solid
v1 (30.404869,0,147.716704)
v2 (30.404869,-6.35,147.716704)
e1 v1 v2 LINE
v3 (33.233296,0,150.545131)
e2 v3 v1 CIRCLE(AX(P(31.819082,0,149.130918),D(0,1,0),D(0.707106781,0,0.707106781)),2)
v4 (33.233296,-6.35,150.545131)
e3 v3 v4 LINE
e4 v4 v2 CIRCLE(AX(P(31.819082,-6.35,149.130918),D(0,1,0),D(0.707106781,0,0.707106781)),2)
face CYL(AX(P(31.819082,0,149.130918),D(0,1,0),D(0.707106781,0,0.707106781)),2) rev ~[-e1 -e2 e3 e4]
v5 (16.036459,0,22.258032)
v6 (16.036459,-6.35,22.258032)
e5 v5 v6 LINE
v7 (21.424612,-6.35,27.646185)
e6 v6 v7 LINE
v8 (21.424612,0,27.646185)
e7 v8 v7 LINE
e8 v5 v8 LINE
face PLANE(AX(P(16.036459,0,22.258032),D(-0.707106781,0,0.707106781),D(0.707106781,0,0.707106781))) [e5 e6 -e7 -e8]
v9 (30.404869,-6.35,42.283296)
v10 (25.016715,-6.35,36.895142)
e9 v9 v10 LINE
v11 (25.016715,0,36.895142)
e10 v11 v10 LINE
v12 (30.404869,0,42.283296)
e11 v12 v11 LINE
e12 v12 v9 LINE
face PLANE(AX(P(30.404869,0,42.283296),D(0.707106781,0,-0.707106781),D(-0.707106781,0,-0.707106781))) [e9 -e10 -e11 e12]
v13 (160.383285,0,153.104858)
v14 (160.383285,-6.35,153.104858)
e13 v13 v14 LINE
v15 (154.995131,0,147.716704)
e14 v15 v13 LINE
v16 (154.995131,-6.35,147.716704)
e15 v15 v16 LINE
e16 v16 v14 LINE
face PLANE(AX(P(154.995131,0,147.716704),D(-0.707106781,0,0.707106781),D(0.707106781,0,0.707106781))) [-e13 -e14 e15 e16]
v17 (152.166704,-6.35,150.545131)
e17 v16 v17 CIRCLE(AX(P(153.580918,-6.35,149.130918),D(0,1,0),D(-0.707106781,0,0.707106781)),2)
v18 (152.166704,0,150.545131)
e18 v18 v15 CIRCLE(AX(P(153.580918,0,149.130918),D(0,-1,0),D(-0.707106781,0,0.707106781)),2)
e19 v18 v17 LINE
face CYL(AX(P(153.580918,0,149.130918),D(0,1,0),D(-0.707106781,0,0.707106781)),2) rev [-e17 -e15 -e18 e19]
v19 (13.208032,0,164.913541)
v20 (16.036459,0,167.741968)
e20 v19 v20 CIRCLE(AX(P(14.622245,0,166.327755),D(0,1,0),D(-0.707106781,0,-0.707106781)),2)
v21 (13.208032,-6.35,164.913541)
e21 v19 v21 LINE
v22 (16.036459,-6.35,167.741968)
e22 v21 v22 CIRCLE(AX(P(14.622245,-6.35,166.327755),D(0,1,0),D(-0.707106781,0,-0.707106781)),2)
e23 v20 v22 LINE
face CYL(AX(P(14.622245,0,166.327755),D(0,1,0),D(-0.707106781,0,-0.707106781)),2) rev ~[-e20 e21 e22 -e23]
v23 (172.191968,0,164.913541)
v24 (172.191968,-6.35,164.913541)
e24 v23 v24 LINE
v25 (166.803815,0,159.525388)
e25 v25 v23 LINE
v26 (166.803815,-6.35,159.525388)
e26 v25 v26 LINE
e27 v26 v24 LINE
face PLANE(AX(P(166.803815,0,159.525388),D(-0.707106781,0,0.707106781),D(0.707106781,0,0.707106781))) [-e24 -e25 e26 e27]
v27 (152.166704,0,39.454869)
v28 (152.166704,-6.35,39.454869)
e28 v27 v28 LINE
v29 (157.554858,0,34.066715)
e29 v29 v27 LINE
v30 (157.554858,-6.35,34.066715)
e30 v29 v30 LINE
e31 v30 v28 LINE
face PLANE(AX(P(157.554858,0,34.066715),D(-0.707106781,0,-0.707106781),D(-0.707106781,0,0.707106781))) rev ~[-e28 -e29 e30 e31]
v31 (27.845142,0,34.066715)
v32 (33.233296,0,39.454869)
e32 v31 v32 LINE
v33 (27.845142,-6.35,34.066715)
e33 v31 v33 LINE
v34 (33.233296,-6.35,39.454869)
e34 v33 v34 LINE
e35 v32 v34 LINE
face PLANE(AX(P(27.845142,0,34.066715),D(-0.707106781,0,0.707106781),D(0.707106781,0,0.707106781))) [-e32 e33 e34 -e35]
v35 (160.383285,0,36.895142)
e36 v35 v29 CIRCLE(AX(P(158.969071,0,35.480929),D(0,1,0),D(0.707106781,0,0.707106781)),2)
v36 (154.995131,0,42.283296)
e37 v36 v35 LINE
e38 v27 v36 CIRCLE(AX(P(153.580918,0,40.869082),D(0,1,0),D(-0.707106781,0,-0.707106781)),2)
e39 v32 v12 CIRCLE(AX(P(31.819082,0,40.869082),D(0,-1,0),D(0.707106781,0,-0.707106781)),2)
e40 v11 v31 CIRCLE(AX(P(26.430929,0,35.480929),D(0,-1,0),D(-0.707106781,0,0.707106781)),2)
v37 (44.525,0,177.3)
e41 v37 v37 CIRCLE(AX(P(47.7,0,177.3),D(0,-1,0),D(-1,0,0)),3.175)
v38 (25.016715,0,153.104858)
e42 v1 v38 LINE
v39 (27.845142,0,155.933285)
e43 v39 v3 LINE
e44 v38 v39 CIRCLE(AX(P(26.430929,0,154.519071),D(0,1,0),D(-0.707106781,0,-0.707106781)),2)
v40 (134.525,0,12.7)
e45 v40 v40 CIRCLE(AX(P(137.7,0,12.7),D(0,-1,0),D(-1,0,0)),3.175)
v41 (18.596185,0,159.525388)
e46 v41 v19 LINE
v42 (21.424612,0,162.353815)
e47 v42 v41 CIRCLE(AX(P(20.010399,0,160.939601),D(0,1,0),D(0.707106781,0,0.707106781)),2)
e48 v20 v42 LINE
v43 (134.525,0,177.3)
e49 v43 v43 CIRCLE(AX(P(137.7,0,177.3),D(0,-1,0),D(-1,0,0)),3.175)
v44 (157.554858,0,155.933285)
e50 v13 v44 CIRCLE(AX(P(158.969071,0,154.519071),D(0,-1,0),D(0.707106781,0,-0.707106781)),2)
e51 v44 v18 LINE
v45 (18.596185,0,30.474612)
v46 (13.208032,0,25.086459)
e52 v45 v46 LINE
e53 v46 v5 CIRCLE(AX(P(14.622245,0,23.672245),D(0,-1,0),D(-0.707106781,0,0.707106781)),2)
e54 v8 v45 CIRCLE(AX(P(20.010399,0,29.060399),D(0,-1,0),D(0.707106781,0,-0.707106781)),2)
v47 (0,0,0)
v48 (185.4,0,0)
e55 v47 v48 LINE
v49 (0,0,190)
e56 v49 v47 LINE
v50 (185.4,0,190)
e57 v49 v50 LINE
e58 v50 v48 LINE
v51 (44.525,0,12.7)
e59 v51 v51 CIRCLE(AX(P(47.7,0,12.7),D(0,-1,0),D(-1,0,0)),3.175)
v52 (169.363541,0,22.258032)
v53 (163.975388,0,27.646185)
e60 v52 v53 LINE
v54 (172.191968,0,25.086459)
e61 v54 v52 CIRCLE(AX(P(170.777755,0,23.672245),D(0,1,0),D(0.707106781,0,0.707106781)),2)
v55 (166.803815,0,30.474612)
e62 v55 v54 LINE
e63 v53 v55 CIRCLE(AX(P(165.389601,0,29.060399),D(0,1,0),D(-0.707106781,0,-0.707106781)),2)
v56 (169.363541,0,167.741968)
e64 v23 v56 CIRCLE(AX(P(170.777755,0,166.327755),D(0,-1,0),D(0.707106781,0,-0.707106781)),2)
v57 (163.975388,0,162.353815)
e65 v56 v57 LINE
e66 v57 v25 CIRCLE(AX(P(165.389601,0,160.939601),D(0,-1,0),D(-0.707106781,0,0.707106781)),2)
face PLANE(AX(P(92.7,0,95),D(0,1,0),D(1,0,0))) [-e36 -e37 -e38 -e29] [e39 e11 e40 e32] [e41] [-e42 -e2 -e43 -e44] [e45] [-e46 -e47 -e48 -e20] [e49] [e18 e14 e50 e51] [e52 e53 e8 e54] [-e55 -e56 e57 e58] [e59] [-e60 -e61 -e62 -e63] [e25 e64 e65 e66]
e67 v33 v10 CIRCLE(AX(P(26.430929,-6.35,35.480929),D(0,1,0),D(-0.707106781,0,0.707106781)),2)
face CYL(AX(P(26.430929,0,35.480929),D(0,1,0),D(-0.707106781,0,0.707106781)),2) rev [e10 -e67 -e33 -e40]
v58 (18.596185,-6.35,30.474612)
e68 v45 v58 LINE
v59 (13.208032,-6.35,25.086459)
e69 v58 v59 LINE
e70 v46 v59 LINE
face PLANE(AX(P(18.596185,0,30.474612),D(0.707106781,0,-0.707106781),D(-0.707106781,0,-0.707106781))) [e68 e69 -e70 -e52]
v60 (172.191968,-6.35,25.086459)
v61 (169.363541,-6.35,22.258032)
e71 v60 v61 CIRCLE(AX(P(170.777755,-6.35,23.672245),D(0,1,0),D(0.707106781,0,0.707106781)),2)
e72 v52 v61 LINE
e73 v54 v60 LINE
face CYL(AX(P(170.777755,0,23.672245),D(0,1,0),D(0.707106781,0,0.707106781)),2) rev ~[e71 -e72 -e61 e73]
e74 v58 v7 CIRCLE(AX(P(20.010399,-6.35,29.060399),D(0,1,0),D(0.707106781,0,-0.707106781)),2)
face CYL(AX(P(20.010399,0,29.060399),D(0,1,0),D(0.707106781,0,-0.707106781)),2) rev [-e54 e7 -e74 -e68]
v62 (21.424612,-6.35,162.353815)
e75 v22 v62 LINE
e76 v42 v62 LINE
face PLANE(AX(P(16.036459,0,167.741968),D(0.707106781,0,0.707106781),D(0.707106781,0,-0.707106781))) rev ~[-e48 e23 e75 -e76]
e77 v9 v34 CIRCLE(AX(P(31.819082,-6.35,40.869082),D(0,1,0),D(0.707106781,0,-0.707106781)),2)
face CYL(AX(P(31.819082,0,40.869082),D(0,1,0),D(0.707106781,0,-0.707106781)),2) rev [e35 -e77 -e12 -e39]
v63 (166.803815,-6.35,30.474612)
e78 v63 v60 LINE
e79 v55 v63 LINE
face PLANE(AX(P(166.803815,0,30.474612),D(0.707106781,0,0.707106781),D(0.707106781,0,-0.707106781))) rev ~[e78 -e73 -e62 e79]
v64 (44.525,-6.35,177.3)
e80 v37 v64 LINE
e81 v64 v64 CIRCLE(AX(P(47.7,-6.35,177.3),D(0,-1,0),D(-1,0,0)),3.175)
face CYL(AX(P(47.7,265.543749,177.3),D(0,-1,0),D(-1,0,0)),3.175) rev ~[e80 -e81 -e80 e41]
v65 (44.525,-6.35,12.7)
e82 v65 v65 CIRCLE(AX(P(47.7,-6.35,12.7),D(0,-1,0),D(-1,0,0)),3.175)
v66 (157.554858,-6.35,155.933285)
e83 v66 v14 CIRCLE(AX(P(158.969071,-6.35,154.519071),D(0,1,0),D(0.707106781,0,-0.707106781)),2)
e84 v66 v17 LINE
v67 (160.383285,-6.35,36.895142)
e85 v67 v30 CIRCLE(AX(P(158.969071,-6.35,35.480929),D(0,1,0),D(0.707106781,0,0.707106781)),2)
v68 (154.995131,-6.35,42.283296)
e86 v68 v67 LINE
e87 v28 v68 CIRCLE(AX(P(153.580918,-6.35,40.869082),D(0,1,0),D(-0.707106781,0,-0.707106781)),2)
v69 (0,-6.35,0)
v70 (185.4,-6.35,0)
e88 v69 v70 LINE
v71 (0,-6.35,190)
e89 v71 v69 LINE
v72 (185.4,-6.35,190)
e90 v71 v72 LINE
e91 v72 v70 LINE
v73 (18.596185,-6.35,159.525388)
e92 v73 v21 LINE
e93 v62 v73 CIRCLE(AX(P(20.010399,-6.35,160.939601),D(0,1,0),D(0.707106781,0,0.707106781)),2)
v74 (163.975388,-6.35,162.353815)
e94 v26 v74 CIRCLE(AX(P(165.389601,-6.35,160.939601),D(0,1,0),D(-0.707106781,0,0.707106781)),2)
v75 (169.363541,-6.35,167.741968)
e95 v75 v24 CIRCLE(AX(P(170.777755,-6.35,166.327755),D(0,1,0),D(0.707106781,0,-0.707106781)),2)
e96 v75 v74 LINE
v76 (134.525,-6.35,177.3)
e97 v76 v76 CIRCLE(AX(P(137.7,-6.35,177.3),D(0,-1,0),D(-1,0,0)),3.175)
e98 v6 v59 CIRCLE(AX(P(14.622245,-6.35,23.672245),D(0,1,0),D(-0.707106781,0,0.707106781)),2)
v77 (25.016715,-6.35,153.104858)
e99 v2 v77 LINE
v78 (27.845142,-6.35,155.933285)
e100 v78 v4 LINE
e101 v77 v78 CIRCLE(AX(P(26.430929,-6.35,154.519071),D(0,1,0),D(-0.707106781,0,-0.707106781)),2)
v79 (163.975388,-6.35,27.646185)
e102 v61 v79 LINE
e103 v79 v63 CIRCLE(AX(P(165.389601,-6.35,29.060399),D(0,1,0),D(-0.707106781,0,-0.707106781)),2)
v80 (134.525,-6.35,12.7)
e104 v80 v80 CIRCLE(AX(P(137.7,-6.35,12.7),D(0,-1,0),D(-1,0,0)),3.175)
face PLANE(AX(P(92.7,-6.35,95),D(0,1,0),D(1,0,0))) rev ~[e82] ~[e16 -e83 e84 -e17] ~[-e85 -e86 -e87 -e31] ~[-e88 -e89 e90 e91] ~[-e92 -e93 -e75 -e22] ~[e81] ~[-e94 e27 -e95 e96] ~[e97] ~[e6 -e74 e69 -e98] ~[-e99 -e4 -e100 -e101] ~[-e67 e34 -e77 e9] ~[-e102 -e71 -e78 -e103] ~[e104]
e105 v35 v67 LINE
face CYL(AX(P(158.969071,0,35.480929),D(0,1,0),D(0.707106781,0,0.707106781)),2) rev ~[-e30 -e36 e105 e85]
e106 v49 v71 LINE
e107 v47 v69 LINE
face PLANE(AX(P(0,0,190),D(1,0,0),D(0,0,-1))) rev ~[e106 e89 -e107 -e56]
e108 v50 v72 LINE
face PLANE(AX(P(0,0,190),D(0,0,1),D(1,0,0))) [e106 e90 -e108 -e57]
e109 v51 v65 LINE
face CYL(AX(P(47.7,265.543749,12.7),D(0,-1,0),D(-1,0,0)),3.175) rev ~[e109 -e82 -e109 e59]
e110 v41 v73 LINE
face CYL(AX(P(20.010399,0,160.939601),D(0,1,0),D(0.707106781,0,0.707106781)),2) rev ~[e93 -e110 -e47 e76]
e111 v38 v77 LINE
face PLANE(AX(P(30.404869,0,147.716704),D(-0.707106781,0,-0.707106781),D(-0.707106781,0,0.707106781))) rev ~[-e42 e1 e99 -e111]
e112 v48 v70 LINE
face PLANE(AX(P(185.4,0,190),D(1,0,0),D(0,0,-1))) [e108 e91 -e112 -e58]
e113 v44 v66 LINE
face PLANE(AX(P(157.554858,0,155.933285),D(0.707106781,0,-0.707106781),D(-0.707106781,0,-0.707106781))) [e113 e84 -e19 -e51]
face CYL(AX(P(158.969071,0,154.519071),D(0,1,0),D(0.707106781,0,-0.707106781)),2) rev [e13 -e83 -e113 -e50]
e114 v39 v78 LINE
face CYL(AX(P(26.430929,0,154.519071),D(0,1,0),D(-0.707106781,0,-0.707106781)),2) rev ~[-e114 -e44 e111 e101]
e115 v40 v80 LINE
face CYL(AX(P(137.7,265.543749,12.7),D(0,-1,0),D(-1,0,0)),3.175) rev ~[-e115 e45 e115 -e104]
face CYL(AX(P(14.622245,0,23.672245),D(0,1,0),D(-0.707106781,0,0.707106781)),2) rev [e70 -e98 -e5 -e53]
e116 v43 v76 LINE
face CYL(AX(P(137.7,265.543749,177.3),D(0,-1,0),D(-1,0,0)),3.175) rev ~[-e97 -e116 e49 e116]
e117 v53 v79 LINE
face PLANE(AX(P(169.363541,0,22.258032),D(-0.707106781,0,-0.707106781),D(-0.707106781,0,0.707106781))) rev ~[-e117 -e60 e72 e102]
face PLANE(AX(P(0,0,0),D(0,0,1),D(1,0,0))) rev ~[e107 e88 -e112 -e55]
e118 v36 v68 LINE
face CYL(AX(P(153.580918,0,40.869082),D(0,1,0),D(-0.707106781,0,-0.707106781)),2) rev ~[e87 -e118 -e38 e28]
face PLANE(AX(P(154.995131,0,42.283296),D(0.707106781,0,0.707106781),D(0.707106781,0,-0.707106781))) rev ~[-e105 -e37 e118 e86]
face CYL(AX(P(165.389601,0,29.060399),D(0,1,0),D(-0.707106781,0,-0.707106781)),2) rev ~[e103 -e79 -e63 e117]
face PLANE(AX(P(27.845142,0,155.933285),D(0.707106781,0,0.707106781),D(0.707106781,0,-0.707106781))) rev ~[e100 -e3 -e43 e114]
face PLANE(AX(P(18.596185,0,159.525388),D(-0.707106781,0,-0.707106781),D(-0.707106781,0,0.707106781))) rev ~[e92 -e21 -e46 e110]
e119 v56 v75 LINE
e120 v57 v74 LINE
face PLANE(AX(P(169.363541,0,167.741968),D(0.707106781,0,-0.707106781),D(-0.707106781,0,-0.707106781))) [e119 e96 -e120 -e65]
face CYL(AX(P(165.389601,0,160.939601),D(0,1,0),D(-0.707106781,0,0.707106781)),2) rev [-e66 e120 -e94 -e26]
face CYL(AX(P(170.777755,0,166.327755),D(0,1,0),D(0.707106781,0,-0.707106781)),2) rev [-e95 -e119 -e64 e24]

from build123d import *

# Parameters (mm, degrees)
SKETCH1_W              = 185.4
SKETCH1_H              = 190
BASE_PLATE_DEPTH       = 6.35
SLOTS_DEPTH            = 7.35
FEET_CONNECTION_HOLE_D = 6.35


with BuildPart() as part:
    # Sketch1 → base plate (new body)
    with BuildSketch(Plane(origin=(0, 0, 0), x_dir=(1, 0, 0), z_dir=(0, 1, 0))):
        with Locations((92.7, -95)):
            Rectangle(SKETCH1_W, SKETCH1_H)
    extrude(amount=-BASE_PLATE_DEPTH)

    # Sketch3 → slots (cut, through all)
    with BuildSketch(Plane(origin=(0, 0, 0), x_dir=(1, 0, 0), z_dir=(0, 1, 0))):
        with BuildLine():
            ThreePointArc((21.424612456, -27.64618524), (21.424612456, -30.474612456), (18.59618524, -30.474612456))
            Line((18.59618524, -30.474612456), (13.208031568, -25.086458783))
            ThreePointArc((13.208031568, -25.086458783), (13.208031568, -22.258031568), (16.036458783, -22.258031568))
            Line((16.036458783, -22.258031568), (21.424612456, -27.64618524))
        make_face()
        with BuildLine():
            Line((169.363541217, -22.258031568), (163.975387544, -27.64618524))
            ThreePointArc((163.975387544, -27.64618524), (163.975387544, -30.474612456), (166.80381476, -30.474612456))
            Line((166.80381476, -30.474612456), (172.191968432, -25.086458783))
            ThreePointArc((172.191968432, -25.086458783), (172.191968432, -22.258031568), (169.363541217, -22.258031568))
        make_face()
        with BuildLine():
            Line((154.995131423, -42.283295792), (160.383285096, -36.895142119))
            ThreePointArc((160.383285096, -36.895142119), (160.383285096, -34.066714904), (157.554857881, -34.066714904))
            Line((157.554857881, -34.066714904), (152.166704208, -39.454868577))
            ThreePointArc((152.166704208, -39.454868577), (152.166704208, -42.283295792), (154.995131423, -42.283295792))
        make_face()
        with BuildLine():
            ThreePointArc((160.383285096, -153.104857881), (160.383285096, -155.933285096), (157.554857881, -155.933285096))
            Line((157.554857881, -155.933285096), (152.166704208, -150.545131423))
            ThreePointArc((152.166704208, -150.545131423), (152.166704208, -147.716704208), (154.995131423, -147.716704208))
            Line((154.995131423, -147.716704208), (160.383285096, -153.104857881))
        make_face()
        with BuildLine():
            ThreePointArc((163.975387544, -162.35381476), (163.975387544, -159.525387544), (166.80381476, -159.525387544))
            Line((166.80381476, -159.525387544), (172.191968432, -164.913541217))
            ThreePointArc((172.191968432, -164.913541217), (172.191968432, -167.741968432), (169.363541217, -167.741968432))
            Line((169.363541217, -167.741968432), (163.975387544, -162.35381476))
        make_face()
        with BuildLine():
            Line((16.036458783, -167.741968432), (21.424612456, -162.35381476))
            ThreePointArc((21.424612456, -162.35381476), (21.424612456, -159.525387544), (18.59618524, -159.525387544))
            Line((18.59618524, -159.525387544), (13.208031568, -164.913541217))
            ThreePointArc((13.208031568, -164.913541217), (13.208031568, -167.741968432), (16.036458783, -167.741968432))
        make_face()
        with BuildLine():
            Line((30.404868577, -147.716704208), (25.016714904, -153.104857881))
            ThreePointArc((25.016714904, -153.104857881), (25.016714904, -155.933285096), (27.845142119, -155.933285096))
            Line((27.845142119, -155.933285096), (33.233295792, -150.545131423))
            ThreePointArc((33.233295792, -150.545131423), (33.233295792, -147.716704208), (30.404868577, -147.716704208))
        make_face()
        with BuildLine():
            Line((30.404868577, -42.283295792), (25.016714904, -36.895142119))
            ThreePointArc((25.016714904, -36.895142119), (25.016714904, -34.066714904), (27.845142119, -34.066714904))
            Line((27.845142119, -34.066714904), (33.233295792, -39.454868577))
            ThreePointArc((33.233295792, -39.454868577), (33.233295792, -42.283295792), (30.404868577, -42.283295792))
        make_face()
    extrude(amount=-SLOTS_DEPTH, mode=Mode.SUBTRACT)

    # Feet connection hole (through all)
    with Locations(Plane(origin=(0, 0, 0), x_dir=(1, 0, 0), z_dir=(0, 1, 0))):
        with Locations((47.7, -177.3), (137.7, -12.7), (47.7, -12.7), (137.7, -177.3)):
            Hole(FEET_CONNECTION_HOLE_D / 2)


solid = part.part
